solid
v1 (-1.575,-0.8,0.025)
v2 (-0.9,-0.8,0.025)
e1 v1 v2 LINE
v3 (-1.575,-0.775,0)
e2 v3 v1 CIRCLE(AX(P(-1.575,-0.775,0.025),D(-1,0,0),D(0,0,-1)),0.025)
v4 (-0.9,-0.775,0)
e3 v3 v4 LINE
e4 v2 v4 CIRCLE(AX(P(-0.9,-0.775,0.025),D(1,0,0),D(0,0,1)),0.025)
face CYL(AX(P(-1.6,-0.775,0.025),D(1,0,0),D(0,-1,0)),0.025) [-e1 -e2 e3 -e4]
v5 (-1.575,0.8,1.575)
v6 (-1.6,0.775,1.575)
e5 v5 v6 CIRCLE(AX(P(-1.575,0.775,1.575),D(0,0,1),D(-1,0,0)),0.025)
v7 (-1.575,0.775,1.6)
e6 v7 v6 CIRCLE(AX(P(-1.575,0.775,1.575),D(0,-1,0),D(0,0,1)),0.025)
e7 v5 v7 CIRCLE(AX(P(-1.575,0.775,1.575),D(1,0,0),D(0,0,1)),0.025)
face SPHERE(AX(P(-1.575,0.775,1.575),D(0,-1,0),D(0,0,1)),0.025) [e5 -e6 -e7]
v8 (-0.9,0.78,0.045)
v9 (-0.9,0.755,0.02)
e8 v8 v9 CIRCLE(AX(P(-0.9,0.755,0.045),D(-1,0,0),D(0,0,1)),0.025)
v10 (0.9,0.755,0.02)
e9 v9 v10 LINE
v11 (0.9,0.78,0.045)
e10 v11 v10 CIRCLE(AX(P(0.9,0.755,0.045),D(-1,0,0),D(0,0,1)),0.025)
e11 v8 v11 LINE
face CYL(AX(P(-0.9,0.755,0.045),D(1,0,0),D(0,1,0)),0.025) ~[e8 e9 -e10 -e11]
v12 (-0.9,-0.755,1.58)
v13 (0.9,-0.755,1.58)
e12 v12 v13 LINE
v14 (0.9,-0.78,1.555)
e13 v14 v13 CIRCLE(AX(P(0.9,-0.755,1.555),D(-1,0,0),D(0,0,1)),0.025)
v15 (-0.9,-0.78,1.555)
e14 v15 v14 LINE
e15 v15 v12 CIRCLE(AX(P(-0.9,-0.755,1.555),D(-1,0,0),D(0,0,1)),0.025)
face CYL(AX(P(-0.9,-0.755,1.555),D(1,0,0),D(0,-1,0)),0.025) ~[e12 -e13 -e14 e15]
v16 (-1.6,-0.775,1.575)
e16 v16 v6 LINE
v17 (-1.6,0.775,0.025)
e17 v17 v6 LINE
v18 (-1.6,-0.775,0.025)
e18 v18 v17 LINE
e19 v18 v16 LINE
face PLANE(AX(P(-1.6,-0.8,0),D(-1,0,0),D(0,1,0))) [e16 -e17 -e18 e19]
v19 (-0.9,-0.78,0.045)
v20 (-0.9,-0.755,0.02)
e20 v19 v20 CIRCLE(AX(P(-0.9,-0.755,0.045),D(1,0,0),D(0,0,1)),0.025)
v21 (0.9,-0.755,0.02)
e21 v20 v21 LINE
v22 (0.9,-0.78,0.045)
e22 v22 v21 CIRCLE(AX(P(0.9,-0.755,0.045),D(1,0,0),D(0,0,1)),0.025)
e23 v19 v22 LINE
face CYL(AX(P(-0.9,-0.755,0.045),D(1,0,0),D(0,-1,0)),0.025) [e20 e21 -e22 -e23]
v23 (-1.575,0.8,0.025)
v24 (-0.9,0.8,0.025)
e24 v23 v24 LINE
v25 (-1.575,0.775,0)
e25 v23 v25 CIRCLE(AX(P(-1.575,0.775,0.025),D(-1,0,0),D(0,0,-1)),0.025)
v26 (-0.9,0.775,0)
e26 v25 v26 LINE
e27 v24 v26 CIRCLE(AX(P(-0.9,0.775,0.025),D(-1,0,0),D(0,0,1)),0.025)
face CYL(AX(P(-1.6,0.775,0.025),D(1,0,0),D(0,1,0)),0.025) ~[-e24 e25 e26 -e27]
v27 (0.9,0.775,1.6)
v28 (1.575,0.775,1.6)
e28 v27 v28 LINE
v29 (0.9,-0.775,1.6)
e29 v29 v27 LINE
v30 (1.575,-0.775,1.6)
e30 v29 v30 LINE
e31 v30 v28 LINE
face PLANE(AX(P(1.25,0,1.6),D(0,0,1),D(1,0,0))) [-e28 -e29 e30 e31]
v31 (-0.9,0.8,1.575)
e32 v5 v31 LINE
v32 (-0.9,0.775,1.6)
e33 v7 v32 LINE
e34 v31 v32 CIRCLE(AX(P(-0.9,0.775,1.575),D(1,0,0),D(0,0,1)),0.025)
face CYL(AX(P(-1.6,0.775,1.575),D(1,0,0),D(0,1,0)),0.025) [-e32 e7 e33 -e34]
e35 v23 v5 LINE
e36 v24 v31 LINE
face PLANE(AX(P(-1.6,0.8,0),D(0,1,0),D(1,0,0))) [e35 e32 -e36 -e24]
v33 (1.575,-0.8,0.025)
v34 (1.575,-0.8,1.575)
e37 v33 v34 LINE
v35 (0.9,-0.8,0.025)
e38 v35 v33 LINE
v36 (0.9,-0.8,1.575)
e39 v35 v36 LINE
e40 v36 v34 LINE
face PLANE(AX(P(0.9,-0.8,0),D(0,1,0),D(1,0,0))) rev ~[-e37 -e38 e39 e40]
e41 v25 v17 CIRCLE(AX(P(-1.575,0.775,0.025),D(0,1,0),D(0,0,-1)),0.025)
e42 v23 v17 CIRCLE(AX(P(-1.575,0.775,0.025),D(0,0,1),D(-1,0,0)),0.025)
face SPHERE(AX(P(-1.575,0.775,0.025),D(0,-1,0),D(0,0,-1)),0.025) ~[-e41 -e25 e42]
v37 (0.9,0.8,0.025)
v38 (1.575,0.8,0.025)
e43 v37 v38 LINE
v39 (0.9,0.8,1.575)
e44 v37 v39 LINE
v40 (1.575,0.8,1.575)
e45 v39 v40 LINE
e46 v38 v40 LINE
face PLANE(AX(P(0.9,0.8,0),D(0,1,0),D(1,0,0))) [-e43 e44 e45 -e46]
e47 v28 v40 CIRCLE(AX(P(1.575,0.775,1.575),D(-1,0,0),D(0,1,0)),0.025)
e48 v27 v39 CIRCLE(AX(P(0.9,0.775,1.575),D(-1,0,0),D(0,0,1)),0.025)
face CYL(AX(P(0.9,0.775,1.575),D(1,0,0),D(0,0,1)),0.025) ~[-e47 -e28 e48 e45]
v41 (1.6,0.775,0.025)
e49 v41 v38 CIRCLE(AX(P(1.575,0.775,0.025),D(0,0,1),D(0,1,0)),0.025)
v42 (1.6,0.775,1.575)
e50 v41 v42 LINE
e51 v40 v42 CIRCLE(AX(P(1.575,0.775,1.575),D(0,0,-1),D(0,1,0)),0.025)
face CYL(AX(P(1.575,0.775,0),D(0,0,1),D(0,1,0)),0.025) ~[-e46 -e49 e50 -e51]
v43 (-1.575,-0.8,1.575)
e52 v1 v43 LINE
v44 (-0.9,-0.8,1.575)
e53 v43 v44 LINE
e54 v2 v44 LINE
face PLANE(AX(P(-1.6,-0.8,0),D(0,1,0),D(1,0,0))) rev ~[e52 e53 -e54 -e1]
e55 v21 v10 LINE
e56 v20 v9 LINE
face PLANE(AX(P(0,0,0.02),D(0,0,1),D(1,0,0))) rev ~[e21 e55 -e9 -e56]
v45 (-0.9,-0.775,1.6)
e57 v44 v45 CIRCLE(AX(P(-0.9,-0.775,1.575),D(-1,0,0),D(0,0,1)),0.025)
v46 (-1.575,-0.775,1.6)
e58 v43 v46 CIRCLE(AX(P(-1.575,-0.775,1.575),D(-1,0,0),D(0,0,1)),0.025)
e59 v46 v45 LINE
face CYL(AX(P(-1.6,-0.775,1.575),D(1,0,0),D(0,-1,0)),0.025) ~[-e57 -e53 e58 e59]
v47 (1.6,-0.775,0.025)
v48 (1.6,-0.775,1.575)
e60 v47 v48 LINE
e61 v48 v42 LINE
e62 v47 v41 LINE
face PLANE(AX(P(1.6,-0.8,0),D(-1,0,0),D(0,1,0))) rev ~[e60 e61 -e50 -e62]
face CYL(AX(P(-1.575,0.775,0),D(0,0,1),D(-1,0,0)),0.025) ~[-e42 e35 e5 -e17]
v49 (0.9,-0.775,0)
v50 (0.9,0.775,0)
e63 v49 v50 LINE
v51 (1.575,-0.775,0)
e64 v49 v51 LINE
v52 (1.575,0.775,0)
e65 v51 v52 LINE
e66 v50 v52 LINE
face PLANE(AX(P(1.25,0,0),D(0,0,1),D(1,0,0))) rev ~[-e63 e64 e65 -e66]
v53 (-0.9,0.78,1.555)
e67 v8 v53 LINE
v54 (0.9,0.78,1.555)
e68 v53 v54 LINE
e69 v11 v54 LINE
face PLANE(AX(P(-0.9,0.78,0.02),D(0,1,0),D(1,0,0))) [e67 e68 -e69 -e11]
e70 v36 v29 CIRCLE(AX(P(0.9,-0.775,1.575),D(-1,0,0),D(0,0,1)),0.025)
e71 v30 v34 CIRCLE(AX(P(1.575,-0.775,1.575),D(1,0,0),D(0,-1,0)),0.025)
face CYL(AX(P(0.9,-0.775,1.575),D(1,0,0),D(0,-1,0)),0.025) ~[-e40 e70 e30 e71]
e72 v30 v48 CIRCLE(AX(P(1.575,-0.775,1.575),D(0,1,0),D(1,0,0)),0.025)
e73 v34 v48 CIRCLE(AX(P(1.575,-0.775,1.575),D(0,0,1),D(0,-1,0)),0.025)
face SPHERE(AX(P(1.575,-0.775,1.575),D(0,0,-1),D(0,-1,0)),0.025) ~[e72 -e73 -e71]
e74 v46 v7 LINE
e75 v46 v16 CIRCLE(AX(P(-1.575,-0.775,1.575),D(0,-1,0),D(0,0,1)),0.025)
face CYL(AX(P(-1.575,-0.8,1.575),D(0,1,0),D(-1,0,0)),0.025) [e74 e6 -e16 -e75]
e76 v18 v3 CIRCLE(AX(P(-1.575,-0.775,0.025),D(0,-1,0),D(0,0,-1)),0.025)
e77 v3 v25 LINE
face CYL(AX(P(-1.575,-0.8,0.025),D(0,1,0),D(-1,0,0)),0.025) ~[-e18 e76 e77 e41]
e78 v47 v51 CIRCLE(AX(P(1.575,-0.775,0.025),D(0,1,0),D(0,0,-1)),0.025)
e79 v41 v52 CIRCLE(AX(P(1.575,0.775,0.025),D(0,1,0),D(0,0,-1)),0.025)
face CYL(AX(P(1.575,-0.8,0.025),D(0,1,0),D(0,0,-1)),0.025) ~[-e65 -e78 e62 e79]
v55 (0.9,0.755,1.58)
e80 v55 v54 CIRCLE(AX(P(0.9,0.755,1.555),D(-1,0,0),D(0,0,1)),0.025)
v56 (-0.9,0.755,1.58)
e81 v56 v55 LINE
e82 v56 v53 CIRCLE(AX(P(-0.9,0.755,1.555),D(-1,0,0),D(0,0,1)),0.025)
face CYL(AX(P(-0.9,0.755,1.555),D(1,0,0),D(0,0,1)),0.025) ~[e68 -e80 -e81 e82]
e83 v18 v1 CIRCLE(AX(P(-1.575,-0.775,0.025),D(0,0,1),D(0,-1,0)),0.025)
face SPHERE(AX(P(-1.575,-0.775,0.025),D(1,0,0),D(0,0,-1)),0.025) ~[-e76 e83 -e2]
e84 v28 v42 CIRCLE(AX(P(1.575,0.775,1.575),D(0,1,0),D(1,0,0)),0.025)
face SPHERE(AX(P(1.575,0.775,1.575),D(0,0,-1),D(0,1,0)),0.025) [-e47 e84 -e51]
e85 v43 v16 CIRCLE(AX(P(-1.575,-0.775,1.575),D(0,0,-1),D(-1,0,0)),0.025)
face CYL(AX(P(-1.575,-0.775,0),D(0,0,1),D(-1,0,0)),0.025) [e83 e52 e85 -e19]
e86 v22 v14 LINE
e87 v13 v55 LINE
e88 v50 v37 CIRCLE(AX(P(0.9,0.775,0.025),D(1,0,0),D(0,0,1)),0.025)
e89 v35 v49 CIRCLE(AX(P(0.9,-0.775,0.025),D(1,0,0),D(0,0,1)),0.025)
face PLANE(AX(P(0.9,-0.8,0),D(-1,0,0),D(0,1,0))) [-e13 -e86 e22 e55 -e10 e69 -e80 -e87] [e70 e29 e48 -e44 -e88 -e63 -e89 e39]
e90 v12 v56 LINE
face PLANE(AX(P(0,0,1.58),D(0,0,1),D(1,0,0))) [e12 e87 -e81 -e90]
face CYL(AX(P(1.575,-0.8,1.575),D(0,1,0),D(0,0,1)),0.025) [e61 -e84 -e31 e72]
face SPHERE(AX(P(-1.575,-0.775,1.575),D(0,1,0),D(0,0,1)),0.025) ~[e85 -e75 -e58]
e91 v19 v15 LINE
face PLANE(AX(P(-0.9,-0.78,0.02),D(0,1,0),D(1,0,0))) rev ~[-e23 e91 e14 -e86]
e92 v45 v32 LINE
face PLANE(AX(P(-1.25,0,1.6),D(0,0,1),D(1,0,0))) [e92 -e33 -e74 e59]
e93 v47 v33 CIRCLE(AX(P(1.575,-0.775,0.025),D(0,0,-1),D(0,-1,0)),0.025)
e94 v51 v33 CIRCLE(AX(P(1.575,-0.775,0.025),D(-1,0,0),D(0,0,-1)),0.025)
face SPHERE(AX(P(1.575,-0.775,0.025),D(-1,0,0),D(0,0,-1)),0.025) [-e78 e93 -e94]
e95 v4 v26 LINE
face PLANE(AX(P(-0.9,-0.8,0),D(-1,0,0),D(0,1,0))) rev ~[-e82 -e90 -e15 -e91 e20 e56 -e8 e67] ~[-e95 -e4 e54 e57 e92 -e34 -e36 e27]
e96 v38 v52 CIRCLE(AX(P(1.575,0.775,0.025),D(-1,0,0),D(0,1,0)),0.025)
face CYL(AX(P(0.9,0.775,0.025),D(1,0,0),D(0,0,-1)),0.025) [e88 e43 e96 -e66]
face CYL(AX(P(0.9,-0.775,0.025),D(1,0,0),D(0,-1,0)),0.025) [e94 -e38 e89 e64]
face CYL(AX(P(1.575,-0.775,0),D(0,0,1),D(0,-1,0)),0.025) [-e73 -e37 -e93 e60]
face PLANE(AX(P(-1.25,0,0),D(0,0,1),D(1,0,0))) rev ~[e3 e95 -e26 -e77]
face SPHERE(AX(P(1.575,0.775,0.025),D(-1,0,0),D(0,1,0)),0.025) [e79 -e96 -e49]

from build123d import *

# Parameters (mm, degrees)
SKETCH_3_W        = 0.7
SKETCH_3_H        = 1.6
EXTRUDE_3_DEPTH   = 1.6
EXTRUDE_3_2_DEPTH = 1.6
EXTRUDE_START     = 0.02
SKETCH_4_W        = 1.8
SKETCH_4_H        = 1.56
EXTRUDE_3_3_DEPTH = 1.56
FILLET_2_R        = 0.025
FILLET_3_R        = 0.025


with BuildPart() as part:
    # Эскиз3 → Extrude 3 (new body)
    with BuildSketch(Plane.XY):
        with Locations((1.25, 0)):
            Rectangle(SKETCH_3_W, SKETCH_3_H)
    extrude(amount=EXTRUDE_3_DEPTH)



with BuildPart() as body_2:
    # Эскиз3 → Extrude 3 2 (new body)
    with BuildSketch(Plane.XY):
        with Locations((-1.25, 0)):
            Rectangle(SKETCH_3_W, SKETCH_3_H)
    extrude(amount=EXTRUDE_3_2_DEPTH)


with BuildPart() as part_1:
    add(part.part)

    add(body_2.part)  # Extrude 3 3 merges body 2
    # Эскиз4 → Extrude 3 3 (add)
    with BuildSketch(Plane.XY.offset(EXTRUDE_START)):
        Rectangle(SKETCH_4_W, SKETCH_4_H)
    extrude(amount=EXTRUDE_3_3_DEPTH)

    # Скругление2
    fillet_2_edges = [part_1.edges().sort_by_distance(p)[0] for p in [
        (-1.6, 0, 1.6),
        (-1.25, -0.8, 1.6),
        (1.25, 0.8, 0),
        (1.6, 0.8, 0.8),
        (1.25, -0.8, 0),
        (1.6, 0, 0),
        (1.6, -0.8, 0.8),
        (1.25, 0.8, 1.6),
        (1.25, -0.8, 1.6),
        (1.6, 0, 1.6),
        (-1.25, -0.8, 0),
        (-1.6, 0, 0),
        (-1.25, 0.8, 0),
        (-1.25, 0.8, 1.6),
        (-1.6, -0.8, 0.8),
        (-1.6, 0.8, 0.8),
    ]]
    fillet(fillet_2_edges, radius=FILLET_2_R)

    # Скругление3
    fillet_3_edges = [part_1.edges().sort_by_distance(p)[0] for p in [
        (0, -0.78, 0.02),
        (0, 0.78, 0.02),
        (0, 0.78, 1.58),
        (0, -0.78, 1.58),
    ]]
    fillet(fillet_3_edges, radius=FILLET_3_R)


solid = part_1.part
